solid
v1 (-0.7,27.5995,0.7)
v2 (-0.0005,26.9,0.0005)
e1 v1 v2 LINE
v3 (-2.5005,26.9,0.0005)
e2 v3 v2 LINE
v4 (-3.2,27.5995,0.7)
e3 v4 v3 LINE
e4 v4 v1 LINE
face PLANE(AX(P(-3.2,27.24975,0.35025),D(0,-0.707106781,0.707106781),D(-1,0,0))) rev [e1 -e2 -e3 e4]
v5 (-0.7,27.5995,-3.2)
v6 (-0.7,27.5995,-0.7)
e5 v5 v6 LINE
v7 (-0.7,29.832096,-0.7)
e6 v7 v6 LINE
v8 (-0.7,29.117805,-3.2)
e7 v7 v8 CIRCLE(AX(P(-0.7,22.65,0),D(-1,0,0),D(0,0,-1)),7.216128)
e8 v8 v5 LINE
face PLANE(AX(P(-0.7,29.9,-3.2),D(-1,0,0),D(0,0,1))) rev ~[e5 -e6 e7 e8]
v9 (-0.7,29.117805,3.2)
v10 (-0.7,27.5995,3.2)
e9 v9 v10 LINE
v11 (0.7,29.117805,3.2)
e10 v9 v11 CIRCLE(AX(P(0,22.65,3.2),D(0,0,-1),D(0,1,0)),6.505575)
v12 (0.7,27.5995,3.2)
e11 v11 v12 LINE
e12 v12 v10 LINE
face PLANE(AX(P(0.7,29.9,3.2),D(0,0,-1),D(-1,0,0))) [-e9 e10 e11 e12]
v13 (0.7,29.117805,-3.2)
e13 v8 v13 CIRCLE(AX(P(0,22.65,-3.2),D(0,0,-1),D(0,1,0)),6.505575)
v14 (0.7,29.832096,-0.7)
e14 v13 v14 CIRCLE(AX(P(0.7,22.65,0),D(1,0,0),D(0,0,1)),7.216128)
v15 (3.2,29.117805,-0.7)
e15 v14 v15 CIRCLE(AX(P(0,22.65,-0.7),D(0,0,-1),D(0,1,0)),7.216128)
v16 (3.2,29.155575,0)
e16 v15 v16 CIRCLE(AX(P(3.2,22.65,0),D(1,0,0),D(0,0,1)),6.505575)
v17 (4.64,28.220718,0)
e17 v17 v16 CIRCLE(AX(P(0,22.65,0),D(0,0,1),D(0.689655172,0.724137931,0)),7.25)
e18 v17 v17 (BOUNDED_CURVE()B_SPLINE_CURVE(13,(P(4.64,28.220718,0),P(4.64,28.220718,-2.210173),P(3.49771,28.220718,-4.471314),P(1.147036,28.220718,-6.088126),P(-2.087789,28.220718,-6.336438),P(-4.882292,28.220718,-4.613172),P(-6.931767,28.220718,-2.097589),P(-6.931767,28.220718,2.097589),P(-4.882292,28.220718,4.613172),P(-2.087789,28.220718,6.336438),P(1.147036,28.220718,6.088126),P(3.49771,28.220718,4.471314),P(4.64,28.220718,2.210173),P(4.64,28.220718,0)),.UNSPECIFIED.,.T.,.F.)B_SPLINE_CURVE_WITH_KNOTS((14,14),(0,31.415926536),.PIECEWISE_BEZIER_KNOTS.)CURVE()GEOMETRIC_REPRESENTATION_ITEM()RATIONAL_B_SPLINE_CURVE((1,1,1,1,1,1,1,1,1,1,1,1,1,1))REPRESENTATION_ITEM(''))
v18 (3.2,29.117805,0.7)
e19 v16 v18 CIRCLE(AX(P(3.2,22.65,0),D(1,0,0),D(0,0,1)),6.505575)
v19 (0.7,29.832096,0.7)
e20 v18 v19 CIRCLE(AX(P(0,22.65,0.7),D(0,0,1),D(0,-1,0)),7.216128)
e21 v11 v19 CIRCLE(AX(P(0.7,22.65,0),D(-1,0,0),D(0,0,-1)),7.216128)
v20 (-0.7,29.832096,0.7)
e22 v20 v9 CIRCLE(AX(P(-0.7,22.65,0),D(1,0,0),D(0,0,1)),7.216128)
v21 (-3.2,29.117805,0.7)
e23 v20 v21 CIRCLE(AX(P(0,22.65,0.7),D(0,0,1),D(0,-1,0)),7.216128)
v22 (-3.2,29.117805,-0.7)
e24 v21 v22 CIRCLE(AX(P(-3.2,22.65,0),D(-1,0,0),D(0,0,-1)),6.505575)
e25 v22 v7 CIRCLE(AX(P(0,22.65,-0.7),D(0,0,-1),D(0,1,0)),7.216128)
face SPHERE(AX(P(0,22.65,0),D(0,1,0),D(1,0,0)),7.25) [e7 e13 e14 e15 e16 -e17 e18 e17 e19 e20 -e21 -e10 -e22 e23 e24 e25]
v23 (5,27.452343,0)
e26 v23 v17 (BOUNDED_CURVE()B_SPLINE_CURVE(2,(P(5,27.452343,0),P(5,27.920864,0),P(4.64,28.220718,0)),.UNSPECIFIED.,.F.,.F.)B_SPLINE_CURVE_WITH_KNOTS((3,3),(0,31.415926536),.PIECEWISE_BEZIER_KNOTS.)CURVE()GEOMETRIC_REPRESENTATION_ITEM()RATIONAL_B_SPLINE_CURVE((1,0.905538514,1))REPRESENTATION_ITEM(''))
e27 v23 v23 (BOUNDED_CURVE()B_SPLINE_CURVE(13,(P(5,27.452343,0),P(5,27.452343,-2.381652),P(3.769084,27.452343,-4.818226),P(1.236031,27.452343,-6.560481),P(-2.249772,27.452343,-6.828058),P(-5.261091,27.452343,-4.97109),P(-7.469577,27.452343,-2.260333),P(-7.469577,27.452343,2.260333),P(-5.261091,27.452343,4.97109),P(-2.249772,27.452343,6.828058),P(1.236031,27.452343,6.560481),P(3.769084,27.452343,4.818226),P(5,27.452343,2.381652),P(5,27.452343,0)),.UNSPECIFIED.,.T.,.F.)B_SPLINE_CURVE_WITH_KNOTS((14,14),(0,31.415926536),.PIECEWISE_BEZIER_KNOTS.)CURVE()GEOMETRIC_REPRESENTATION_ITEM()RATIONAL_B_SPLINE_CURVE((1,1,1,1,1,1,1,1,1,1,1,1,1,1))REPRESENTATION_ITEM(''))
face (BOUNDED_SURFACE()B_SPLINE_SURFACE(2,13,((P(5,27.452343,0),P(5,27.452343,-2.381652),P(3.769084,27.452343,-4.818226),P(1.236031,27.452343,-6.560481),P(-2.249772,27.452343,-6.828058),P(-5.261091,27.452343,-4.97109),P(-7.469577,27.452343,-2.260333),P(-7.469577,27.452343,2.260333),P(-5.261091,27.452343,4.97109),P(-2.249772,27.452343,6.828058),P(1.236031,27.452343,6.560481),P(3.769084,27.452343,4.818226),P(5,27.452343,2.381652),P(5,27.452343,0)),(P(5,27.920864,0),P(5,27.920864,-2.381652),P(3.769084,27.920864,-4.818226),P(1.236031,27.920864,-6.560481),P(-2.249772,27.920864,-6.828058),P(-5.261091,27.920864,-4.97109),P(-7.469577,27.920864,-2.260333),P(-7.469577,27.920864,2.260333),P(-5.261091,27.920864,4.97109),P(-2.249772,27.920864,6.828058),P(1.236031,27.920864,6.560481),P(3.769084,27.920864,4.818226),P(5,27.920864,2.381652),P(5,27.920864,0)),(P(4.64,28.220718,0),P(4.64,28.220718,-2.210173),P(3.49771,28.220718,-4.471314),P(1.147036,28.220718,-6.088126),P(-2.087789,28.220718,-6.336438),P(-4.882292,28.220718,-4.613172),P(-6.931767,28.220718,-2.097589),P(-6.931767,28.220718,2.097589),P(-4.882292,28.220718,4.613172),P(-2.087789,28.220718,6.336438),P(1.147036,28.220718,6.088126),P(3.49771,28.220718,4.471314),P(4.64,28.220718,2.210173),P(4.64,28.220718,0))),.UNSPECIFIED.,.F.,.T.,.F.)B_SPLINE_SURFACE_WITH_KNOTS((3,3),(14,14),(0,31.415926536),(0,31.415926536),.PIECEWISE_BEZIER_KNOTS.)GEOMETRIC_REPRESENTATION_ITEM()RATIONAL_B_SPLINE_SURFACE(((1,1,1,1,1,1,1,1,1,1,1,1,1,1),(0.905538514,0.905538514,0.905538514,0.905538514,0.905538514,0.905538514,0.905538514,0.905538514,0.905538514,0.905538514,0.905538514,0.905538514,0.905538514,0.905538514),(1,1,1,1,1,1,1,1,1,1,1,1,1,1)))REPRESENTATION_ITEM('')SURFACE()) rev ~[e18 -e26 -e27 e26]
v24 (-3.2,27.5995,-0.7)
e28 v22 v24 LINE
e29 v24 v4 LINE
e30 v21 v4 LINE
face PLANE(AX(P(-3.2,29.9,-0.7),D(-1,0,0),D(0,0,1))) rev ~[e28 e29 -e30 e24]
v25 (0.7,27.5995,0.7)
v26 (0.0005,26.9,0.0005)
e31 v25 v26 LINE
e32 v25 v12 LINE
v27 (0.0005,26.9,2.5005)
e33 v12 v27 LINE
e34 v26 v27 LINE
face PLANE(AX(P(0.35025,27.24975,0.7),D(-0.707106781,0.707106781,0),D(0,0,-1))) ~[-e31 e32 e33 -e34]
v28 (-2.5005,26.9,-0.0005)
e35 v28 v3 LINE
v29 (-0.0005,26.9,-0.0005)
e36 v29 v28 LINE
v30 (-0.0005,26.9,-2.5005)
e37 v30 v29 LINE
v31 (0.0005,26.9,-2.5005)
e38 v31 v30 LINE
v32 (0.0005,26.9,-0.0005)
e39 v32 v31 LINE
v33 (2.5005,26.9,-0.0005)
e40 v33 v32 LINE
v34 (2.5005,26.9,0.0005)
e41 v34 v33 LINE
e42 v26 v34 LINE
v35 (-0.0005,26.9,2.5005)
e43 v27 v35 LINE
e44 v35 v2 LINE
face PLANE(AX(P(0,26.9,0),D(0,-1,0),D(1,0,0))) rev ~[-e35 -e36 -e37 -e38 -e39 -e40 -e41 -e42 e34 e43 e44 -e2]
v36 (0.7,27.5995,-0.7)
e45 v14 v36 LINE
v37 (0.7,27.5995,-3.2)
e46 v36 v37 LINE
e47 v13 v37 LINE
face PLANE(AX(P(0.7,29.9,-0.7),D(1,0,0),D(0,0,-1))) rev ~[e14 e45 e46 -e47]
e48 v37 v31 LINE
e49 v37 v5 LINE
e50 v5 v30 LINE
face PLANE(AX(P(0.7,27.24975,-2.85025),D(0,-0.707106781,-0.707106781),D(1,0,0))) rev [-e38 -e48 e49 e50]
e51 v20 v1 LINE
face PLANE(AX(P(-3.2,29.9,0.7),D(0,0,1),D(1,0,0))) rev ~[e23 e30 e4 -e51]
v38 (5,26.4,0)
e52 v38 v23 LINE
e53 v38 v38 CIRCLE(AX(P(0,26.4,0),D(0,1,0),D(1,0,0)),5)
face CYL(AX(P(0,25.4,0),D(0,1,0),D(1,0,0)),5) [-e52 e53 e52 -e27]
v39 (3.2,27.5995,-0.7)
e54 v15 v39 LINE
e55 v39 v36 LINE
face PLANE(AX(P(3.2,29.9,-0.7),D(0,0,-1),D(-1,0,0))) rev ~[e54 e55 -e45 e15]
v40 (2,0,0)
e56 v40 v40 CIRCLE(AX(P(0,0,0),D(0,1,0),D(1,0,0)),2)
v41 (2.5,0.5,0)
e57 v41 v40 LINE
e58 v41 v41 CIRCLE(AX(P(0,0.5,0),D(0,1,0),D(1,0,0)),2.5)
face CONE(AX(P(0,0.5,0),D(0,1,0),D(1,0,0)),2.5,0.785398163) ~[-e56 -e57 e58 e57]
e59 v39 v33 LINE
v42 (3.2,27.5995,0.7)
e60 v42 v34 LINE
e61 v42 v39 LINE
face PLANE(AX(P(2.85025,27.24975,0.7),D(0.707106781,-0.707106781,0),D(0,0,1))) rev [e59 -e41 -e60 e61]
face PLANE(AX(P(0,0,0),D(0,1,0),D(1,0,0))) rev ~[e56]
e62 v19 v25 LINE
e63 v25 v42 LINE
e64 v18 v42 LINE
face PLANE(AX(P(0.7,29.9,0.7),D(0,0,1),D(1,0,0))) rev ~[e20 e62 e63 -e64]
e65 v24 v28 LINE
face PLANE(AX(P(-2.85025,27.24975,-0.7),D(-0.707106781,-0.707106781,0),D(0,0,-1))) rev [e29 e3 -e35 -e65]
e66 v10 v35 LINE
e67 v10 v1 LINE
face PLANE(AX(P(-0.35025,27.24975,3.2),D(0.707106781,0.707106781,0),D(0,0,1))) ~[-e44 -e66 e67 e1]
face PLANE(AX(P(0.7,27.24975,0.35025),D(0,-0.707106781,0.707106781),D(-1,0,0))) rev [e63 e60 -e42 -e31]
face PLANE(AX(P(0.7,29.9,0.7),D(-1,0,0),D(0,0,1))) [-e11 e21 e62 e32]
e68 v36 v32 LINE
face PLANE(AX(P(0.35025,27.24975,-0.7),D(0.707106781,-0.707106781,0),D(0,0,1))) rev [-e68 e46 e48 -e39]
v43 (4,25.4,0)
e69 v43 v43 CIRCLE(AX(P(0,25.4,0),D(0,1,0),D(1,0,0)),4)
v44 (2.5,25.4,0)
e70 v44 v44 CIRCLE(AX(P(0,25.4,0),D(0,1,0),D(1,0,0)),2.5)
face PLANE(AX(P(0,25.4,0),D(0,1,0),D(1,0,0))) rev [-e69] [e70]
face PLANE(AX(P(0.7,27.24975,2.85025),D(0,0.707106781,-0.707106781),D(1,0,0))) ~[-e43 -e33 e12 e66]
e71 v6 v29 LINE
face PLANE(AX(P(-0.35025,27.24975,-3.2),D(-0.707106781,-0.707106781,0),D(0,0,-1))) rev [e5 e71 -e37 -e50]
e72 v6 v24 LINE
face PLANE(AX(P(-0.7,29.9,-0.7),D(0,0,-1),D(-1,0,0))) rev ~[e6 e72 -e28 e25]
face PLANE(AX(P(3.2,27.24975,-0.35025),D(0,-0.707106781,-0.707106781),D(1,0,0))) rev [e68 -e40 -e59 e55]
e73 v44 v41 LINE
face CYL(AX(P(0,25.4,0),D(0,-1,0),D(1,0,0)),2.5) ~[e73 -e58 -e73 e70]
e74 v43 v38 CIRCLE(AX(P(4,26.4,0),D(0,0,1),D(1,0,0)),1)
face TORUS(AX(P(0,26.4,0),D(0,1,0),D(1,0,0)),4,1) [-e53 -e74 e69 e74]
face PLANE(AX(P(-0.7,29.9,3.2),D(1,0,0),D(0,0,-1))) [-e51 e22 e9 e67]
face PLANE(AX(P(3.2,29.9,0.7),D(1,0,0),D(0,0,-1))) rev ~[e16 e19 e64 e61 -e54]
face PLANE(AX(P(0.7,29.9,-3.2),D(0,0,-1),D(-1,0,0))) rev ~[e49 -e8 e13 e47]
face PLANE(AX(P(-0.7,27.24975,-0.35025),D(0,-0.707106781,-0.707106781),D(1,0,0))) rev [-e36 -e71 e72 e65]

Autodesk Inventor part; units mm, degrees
ref_plane "YZ Plane" through (0, 0, 0) normal (1, 0, 0) x (0, 1, 0)
ref_plane "XZ Plane" through (0, 0, 0) normal (0, 1, 0) x (-1, 0, 0)
sketch "Sketch1" plane through (0, 0, 0) normal (0, 0, 1) x (1, 0, 0)
  line L0 (0, 0) -> (0, 25.4)
  line L1 (2.5, 25.4) -> (2.5, 0)
  line L2 (2.5, 0) -> (0, 0)
  line L3 (0, 25.4) -> (0, 29.9)
  arc A0 (5, 27.9) -> (0, 29.9) centre (0, 22.65) ccw
  line L4 (2.5, 25.4) -> (5, 25.4)
  line L5 (-9.3694, 47.064) -> (8.7897, 47.064) construction
  line L6 (8.7897, 47.064) -> (8.7897, -18.3846) construction
  line L7 (8.7897, -18.3846) -> (-9.3694, -18.3846) construction
  line L8 (-9.3694, -18.3846) -> (-9.3694, 47.064) construction
  line L9 (5, 25.4) -> (5, 27.9)
  dimension "d0" = 25.4
  dimension "d1" = 2.5
  dimension "d2" = 4.5
  dimension "d4" = 2.5
  dimension "d31" = 2.5
  dimension "d33" = 2.5
revolve "Revolution1" add sketch "Sketch1" angle 360 about axis through (0, 0, 0) along (0, 1, 0)
chamfer "Chamfer1" distance 0.5 angle 45 1 edges at (-2.5, 0, 0)
fillet "Fillet1" radius 1 2 edges at (-5, 25.4, 0) (-5, 27.9, 0)
ref_plane "Work Plane1" through (0, 29.9, 0) normal (0, -1, 0) x (1, 0, 0)
sketch "Sketch4" plane through (0, 29.9, 0) normal (0, -1, 0) x (1, 0, 0)
  line L0 (0.7, 0.7) -> (0.7, 3.2)
  line L1 (0.7, 3.2) -> (-0.7, 3.2)
  line L2 (-0.7, 3.2) -> (-0.7, 0.7)
  line L3 (0.7, 0.7) -> (3.2, 0.7)
  line L4 (3.2, 0.7) -> (3.2, -0.7)
  line L5 (3.2, -0.7) -> (0.7, -0.7)
  line L6 (0.7, -0.7) -> (0.7, -3.2)
  line L7 (0.7, -3.2) -> (-0.7, -3.2)
  line L8 (-0.7, -3.2) -> (-0.7, -0.7)
  line L9 (-0.7, -0.7) -> (-3.2, -0.7)
  line L10 (-3.2, -0.7) -> (-3.2, 0.7)
  line L11 (-3.2, 0.7) -> (-0.7, 0.7)
  point P0 (0, 0)
  dimension "d57" = 2.5
  dimension "d58" = 1.4
  dimension "d59" = 2.5
  dimension "d60" = 1.4
  dimension "d61" = 2.5
  dimension "d62" = 2.5
  dimension "d63" = 1.4
  dimension "d64" = 90
  dimension "d65" = 2.5
  dimension "d66" = 1.4
  dimension "d67" = 90
extrude "Extrusion1" cut sketch "Sketch4" along normal blind 3
chamfer "Chamfer2" distance 0.7 angle 45 12 edges at (0.7, 26.9, -1.95) (0, 26.9, -3.2) (-0.7, 26.9, -1.95) (-1.95, 26.9, -0.7) (-3.2, 26.9, 0) (-1.95, 26.9, 0.7) (-0.7, 26.9, 1.95) (1.95, 26.9, -0.7) (3.2, 26.9, 0) (1.95, 26.9, 0.7) (0.7, 26.9, 1.95) (0, 26.9, 3.2)
properties part number "pan_head_screw" material "Stainless Steel, Polished"
